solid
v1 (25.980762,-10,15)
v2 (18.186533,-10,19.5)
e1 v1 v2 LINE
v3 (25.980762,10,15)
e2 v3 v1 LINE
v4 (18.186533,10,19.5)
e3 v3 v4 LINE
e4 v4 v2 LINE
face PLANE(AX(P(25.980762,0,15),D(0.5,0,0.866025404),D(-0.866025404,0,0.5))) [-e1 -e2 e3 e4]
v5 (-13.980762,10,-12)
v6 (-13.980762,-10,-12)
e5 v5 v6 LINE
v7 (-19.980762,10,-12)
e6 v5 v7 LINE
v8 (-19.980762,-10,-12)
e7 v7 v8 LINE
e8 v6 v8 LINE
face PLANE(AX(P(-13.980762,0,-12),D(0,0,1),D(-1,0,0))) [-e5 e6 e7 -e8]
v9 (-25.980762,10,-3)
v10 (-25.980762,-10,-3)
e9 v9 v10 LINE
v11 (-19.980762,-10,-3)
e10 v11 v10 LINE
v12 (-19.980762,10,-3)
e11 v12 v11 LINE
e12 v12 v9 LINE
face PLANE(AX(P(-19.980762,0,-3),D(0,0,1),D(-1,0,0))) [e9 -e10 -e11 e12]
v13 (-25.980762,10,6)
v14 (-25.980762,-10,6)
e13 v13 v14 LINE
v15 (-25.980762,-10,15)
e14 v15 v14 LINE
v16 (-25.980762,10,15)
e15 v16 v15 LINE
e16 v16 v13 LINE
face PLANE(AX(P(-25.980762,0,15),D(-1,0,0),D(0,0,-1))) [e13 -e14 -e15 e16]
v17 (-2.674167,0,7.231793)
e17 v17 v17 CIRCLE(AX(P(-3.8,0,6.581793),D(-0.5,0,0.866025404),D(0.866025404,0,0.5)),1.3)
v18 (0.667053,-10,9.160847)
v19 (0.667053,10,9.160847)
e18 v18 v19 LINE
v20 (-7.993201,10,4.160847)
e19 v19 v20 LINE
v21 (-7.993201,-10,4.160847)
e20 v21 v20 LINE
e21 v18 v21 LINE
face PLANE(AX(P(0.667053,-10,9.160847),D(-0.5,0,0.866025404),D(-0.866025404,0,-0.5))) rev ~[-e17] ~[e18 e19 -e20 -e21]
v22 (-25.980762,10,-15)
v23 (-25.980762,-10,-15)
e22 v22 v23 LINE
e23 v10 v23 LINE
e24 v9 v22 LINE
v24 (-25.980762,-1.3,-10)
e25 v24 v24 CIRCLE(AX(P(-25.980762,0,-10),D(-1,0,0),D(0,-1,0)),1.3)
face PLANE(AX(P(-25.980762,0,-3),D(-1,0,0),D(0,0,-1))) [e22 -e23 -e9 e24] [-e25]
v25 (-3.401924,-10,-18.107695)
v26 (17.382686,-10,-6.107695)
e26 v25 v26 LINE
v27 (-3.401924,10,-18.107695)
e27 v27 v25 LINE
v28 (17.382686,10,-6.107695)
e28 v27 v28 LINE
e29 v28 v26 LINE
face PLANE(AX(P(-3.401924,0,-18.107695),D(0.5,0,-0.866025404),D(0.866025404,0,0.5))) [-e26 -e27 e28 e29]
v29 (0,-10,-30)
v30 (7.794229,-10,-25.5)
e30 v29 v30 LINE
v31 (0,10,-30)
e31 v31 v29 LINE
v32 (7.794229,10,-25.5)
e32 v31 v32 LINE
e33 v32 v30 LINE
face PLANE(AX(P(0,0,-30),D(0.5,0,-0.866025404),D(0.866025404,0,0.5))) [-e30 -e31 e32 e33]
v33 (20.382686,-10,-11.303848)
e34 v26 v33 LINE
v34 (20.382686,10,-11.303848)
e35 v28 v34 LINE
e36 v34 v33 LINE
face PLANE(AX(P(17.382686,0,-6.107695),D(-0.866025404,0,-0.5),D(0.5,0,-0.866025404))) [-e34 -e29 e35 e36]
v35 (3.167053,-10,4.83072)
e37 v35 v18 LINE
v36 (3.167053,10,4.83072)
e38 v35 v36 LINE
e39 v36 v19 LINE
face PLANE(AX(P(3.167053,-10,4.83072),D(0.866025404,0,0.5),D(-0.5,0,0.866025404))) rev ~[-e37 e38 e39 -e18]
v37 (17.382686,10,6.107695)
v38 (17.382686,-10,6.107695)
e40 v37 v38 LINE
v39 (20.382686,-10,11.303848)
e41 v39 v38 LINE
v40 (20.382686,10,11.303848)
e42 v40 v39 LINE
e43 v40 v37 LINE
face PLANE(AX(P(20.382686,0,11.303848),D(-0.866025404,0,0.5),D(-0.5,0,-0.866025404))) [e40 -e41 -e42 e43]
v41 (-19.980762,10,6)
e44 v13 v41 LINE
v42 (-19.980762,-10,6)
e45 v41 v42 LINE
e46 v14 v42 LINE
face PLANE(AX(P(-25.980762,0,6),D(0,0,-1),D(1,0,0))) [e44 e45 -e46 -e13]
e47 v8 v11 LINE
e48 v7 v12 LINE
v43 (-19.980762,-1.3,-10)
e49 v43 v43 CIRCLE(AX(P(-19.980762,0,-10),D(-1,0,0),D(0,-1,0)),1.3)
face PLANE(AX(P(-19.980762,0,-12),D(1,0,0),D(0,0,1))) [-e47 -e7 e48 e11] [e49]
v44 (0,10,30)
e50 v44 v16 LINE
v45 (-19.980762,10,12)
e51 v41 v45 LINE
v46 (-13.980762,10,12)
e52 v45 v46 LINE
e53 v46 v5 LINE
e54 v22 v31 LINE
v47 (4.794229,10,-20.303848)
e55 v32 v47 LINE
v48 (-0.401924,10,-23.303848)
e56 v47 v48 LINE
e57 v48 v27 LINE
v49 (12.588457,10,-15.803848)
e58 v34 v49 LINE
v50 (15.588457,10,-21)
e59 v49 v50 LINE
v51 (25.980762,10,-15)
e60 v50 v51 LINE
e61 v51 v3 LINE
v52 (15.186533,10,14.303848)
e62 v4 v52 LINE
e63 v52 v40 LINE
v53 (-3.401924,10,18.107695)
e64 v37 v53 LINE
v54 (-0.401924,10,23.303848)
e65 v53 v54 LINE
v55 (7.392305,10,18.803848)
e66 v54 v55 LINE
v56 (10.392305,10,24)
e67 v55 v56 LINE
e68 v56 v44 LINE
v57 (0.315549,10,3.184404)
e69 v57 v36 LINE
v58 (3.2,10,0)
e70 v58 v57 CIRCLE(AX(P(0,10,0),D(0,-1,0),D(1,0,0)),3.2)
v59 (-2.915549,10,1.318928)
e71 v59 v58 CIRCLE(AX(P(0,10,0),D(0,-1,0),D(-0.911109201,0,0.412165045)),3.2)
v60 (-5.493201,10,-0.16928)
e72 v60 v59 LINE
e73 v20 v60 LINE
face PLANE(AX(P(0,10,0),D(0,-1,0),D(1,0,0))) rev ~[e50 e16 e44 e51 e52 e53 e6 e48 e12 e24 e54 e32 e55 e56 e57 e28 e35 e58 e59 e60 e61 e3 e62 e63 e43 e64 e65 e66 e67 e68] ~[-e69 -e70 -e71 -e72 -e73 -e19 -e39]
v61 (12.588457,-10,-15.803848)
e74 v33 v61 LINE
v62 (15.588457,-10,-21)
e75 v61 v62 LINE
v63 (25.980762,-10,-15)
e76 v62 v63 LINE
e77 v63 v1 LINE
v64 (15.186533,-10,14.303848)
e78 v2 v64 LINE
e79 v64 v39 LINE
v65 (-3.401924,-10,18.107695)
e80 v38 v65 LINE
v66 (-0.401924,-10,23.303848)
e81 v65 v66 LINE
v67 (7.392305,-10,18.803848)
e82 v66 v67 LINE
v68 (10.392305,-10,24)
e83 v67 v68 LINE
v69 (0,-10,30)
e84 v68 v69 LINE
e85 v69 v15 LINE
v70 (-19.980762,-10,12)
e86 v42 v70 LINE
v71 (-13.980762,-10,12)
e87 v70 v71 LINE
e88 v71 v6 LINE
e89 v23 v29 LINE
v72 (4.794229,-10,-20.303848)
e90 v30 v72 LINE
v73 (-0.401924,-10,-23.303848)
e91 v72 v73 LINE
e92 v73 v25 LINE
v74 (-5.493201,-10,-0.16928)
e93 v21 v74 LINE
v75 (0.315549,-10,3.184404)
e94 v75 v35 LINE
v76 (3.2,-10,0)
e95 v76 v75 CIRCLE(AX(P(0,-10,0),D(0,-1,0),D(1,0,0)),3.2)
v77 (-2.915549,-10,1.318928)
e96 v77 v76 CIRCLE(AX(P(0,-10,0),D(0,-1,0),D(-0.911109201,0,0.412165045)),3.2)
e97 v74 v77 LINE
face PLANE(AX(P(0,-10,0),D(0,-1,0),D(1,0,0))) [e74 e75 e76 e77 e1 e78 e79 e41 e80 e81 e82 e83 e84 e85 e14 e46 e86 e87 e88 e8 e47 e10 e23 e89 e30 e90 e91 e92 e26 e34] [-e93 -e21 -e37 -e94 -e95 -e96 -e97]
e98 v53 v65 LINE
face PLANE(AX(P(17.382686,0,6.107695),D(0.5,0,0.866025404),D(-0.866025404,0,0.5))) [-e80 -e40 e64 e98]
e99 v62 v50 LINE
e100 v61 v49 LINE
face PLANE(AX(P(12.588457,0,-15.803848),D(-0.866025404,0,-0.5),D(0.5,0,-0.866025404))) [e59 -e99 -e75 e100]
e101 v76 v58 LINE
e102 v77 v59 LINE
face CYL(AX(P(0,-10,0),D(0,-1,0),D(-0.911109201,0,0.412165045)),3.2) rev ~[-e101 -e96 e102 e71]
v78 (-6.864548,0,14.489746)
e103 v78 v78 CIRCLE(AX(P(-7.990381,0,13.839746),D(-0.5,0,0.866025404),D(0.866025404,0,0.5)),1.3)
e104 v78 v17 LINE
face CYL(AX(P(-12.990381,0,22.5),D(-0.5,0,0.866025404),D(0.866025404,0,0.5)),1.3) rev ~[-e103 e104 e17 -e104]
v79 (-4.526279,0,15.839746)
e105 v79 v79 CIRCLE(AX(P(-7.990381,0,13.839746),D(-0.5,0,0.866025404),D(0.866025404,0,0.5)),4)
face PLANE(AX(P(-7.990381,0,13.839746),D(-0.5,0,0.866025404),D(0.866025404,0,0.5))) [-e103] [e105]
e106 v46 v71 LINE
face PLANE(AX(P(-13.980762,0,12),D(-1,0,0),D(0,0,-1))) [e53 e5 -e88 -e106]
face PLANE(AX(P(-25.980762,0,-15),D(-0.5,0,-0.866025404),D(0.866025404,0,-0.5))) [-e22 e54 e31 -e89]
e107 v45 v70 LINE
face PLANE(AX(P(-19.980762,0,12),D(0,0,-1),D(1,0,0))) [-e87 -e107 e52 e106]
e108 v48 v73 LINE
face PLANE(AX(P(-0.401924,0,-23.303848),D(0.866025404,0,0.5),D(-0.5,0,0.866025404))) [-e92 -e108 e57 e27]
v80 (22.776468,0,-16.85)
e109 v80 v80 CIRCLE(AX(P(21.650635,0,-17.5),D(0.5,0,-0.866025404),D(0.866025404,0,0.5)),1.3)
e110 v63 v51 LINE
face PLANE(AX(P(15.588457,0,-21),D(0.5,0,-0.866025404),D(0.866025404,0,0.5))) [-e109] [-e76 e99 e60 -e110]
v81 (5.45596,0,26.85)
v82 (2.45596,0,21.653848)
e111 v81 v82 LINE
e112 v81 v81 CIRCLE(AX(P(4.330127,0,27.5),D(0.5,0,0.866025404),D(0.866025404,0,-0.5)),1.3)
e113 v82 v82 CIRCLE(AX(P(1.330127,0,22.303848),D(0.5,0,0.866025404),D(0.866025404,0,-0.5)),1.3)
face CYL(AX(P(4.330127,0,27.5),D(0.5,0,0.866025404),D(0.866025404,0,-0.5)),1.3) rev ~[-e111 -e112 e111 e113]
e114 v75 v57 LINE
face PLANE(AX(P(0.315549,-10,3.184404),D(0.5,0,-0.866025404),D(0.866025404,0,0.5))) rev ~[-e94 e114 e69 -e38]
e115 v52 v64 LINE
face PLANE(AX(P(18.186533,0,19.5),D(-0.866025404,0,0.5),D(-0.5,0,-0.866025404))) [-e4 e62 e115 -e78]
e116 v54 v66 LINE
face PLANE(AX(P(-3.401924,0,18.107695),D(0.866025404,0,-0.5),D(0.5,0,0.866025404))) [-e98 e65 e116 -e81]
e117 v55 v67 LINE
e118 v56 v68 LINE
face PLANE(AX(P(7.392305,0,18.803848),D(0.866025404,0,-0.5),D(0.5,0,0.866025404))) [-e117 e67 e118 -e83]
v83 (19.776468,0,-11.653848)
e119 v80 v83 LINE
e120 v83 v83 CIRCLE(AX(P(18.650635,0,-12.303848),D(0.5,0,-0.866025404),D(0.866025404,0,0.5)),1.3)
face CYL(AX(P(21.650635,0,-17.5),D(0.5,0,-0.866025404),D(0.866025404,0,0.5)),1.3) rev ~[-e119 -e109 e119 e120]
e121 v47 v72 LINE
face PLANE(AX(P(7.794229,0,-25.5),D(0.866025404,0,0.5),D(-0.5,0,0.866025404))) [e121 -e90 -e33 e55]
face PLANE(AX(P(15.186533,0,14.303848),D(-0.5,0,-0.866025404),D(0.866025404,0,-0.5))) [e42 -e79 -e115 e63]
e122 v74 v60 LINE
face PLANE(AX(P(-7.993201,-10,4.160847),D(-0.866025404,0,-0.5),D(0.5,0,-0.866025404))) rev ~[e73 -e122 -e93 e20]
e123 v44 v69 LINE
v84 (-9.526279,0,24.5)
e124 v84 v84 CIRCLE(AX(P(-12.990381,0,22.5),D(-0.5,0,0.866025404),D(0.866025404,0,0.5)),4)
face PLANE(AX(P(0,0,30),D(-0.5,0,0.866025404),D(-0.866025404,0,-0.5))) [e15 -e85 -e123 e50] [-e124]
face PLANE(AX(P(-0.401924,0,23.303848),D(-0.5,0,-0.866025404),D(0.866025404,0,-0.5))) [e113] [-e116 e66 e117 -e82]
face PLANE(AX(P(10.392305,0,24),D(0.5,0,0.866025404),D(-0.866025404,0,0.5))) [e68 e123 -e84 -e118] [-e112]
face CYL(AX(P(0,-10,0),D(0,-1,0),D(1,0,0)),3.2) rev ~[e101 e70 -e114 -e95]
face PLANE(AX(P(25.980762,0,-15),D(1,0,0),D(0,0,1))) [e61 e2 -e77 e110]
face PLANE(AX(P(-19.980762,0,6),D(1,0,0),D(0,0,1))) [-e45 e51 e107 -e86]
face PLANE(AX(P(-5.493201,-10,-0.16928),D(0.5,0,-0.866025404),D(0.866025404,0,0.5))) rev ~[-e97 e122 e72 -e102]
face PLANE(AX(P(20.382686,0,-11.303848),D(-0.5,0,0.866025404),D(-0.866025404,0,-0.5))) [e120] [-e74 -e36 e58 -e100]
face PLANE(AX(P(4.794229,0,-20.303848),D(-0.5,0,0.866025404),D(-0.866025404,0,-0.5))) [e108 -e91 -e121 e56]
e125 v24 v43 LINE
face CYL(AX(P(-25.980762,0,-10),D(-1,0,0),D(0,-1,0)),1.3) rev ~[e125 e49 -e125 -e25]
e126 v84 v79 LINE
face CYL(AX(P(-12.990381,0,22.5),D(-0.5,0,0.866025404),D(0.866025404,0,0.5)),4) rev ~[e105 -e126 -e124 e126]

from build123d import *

# Parameters (mm, degrees)
F1_DEPTH  = 10
F3_DEPTH  = 20
F4_R      = 1.3
F5_DEPTH  = 25
F4_R_2    = 4
F6_DEPTH  = 10
F8_R      = 1.3
F9_DEPTH  = 8
F7_R      = 1.3
F10_DEPTH = 8
F11_R     = 1.3
F12_DEPTH = 8


with BuildPart() as f1:
    # F0 (on Front) → F1 (new body, symmetric)
    with BuildSketch(Plane.XZ):
        Polygon((25.9807621135, -15), (25.9807621135, 15), (18.1865334795, 19.5), (15.1865334795, 14.3038475773), (20.3826859022, 11.3038475773), (17.3826859022, 6.1076951546), (-3.4019237886, 18.1076951546), (-0.4019237886, 23.3038475773), (7.3923048454, 18.8038475773), (10.3923048454, 24), (0, 30), (-25.9807621135, 15), (-25.9807621135, 6), (-19.9807621135, 6), (-19.9807621135, 12), (-13.9807621135, 12), (-13.9807621135, -12), (-19.9807621135, -12), (-19.9807621135, -3), (-25.9807621135, -3), (-25.9807621135, -15), (0, -30), (7.7942286341, -25.5), (4.7942286341, -20.3038475773), (-0.4019237886, -23.3038475773), (-3.4019237886, -18.1076951546), (17.3826859022, -6.1076951546), (20.3826859022, -11.3038475773), (12.5884572681, -15.8038475773), (15.5884572681, -21), align=None)
    extrude(amount=F1_DEPTH, both=True)

    # F2 (on face) → F3 (cut)
    with BuildSketch(Plane.XZ.offset(10)):
        with BuildLine():
            ThreePointArc((-2.9155494421, 1.3189281445), (-0.6746264837, -3.1280791402), (3.2, 0))
            ThreePointArc((3.2, 0), (2.3716827586, 2.1482832431), (0.3155494421, 3.1844039551))
            ThreePointArc((0.3155494421, 3.1844039551), (-1.6, 2.7712812921), (-2.9155494421, 1.3189281445))
        make_face()
        with BuildLine():
            ThreePointArc((-2.9155494421, 1.3189281445), (-1.6, 2.7712812921), (0.3155494421, 3.1844039551))
            Line((0.3155494421, 3.1844039551), (3.1670527423, 4.8307201531))
            Line((3.1670527423, 4.8307201531), (0.6670527423, 9.160847172))
            Line((0.6670527423, 9.160847172), (-7.9932012956, 4.160847172))
            Line((-7.9932012956, 4.160847172), (-5.4932012956, -0.1692798469))
            Line((-5.4932012956, -0.1692798469), (-2.9155494421, 1.3189281445))
        make_face()
    extrude(amount=-F3_DEPTH, mode=Mode.SUBTRACT)

    # F4 (on face) → F5 (cut)
    with BuildSketch(Plane(origin=(-12.9903810568, 0, 22.5), x_dir=(0.8660254038, 0, 0.5), z_dir=(-0.5, 0, 0.8660254038))):
        Circle(F4_R)
    extrude(amount=-F5_DEPTH, mode=Mode.SUBTRACT)

    # F4 (on face) → F6 (cut)
    with BuildSketch(Plane(origin=(-12.9903810568, 0, 22.5), x_dir=(0.8660254038, 0, 0.5), z_dir=(-0.5, 0, 0.8660254038))):
        Circle(F4_R_2)
        Circle(F4_R, mode=Mode.SUBTRACT)
    extrude(amount=-F6_DEPTH, mode=Mode.SUBTRACT)

    # F8 (on face) → F9 (cut)
    with BuildSketch(Plane(origin=(12.9903810568, 0, 22.5), x_dir=(0.8660254038, 0, -0.5), z_dir=(0.5, 0, 0.8660254038))):
        with Locations((-10, 0)):
            Circle(F8_R)
    extrude(amount=-F9_DEPTH, mode=Mode.SUBTRACT)

    # F7 (on face) → F10 (cut)
    with BuildSketch(Plane(origin=(12.9903810568, 0, -22.5), x_dir=(0.8660254038, 0, 0.5), z_dir=(0.5, 0, -0.8660254038))):
        with Locations((10, 0)):
            Circle(F7_R)
    extrude(amount=-F10_DEPTH, mode=Mode.SUBTRACT)

    # F11 (on face) → F12 (cut)
    with BuildSketch(Plane(origin=(-25.9807621135, 0, 0), x_dir=(0, -1, 0), z_dir=(-1, 0, 0))):
        with Locations((0, -10)):
            Circle(F11_R)
    extrude(amount=-F12_DEPTH, mode=Mode.SUBTRACT)


solid = f1.part
